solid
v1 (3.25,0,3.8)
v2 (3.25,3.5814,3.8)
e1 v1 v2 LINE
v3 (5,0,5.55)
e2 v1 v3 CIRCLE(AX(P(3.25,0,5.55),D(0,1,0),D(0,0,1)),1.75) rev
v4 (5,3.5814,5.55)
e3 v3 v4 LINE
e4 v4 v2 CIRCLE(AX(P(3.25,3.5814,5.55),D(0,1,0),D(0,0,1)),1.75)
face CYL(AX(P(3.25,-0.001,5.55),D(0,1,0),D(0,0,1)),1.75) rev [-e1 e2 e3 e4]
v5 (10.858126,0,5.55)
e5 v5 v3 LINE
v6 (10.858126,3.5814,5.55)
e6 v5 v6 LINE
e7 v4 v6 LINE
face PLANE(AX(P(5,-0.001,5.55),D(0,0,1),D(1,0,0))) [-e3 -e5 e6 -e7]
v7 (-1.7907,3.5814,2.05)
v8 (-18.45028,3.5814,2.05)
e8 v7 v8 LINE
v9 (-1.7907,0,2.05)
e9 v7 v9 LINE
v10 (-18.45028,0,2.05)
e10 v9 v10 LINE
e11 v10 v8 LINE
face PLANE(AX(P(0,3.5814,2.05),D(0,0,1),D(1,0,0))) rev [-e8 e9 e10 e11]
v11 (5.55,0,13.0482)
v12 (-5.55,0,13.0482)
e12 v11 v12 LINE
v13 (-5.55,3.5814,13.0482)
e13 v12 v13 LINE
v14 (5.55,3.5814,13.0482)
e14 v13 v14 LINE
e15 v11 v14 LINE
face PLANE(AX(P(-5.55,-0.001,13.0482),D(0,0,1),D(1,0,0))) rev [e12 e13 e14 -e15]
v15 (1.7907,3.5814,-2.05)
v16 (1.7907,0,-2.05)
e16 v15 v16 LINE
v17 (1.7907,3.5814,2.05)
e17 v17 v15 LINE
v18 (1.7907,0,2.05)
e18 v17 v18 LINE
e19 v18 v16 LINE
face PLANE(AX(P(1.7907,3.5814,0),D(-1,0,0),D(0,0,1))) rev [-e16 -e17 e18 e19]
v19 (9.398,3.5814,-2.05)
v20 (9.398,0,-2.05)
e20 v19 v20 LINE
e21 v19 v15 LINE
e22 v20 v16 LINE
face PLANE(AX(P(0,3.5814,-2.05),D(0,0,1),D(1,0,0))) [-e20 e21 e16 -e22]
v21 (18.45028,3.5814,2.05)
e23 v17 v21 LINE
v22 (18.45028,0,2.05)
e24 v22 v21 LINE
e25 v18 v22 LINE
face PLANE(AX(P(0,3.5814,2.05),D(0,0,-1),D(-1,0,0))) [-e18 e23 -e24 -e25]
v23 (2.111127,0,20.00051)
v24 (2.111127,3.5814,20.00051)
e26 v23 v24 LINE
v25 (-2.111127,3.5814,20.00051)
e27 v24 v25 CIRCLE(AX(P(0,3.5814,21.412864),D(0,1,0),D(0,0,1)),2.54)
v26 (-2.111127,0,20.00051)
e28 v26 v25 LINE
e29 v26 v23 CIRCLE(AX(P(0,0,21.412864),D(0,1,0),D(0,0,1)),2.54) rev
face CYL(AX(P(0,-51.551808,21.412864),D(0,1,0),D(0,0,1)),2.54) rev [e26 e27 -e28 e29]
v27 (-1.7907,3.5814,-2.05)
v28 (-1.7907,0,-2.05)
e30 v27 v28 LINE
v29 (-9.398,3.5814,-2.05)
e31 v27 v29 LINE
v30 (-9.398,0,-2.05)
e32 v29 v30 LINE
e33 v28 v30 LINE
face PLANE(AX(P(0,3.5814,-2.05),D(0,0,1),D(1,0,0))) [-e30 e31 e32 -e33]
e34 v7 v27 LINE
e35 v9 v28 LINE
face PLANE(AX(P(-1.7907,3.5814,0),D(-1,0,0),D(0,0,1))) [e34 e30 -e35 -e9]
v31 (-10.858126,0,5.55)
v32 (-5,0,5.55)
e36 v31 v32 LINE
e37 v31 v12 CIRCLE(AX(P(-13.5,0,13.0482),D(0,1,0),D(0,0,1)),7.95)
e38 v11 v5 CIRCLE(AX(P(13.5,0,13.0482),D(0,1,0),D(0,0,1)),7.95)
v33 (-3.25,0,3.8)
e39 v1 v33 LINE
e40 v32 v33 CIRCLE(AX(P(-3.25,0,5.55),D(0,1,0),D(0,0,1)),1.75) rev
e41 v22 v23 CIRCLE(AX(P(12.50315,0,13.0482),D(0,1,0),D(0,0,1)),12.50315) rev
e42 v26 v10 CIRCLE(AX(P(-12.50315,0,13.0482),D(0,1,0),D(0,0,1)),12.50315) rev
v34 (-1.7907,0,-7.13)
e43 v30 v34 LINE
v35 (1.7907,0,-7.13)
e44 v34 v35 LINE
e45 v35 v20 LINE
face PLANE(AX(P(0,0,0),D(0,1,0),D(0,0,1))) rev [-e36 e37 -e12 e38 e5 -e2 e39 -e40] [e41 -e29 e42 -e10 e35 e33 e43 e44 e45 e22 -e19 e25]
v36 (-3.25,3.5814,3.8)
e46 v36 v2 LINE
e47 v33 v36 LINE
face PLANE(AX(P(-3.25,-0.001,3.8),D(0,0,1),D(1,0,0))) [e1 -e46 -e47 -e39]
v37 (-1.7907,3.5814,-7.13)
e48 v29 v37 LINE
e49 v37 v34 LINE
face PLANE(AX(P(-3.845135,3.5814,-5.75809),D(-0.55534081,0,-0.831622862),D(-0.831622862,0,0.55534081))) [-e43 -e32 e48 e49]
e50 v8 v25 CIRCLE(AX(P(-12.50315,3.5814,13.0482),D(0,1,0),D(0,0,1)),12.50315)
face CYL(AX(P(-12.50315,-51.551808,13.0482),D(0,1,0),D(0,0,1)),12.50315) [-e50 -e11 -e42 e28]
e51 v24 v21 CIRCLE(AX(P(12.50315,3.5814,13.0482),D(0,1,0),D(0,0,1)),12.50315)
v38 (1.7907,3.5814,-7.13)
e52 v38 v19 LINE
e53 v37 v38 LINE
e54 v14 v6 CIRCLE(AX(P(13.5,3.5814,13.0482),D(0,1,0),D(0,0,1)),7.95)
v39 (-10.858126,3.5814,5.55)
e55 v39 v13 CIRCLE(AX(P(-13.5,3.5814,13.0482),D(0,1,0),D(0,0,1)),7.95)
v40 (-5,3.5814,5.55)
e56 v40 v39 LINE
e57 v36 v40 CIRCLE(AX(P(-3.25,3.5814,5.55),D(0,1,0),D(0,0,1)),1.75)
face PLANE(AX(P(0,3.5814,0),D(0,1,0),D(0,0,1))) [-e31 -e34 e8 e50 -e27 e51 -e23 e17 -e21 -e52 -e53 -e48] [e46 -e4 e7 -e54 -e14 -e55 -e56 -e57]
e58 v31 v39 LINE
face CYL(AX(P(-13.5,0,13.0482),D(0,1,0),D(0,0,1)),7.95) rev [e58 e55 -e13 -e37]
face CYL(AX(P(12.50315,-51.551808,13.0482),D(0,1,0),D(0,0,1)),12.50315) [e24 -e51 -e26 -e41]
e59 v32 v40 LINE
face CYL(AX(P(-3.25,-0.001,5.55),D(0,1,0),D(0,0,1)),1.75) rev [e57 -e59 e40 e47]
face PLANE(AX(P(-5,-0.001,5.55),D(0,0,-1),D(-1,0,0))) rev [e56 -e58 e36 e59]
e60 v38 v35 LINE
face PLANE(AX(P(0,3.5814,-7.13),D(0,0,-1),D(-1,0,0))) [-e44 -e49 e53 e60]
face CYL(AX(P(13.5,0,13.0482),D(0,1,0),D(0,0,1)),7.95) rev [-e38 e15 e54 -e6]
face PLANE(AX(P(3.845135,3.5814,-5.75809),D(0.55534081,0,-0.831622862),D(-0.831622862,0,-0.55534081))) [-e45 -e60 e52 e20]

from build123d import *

# Parameters (mm, degrees)
BOSS_EXTRUDE1_DEPTH = 3.5814
BOSS_EXTRUDE2_DEPTH = 3.5814
SKETCH4_R           = 7.95
CUT_EXTRUDE2_DEPTH  = 4.5814
CUT_EXTRUDE4_REACH  = 5.581
CUT_EXTRUDE5_REACH  = 5.581


with BuildPart() as part:
    # Sketch1 → Boss-Extrude1 (new body)
    with BuildSketch(Plane(origin=(0, 0, 0), x_dir=(1, 0, 0), z_dir=(0, 1, 0))):
        Polygon((-25.0063, -13.0482), (25.0063, -13.0482), (25.0063, -2.05), (1.7907, -2.05), (1.7907, 2.05), (9.398, 2.05), (1.7907, 7.13), (-1.7907, 7.13), (-9.398, 2.05), (-1.7907, 2.05), (-1.7907, -2.05), (-25.0063, -2.05), align=None)
    extrude(amount=BOSS_EXTRUDE1_DEPTH)

    # Sketch3 → Boss-Extrude2 (add)
    with BuildSketch(Plane(origin=(0, 3.5814, 0), x_dir=(1, 0, 0), z_dir=(0, 1, 0))):
        Polygon((-25.0063, -2.05), (-25.0063, -13.0482), (25.0063, -13.0482), (25.0063, -2.05), (1.7907, -2.05), (1.7907, 2.05), (9.398, 2.05), (1.7907, 7.13), (-1.7907, 7.13), (-9.398, 2.05), (-1.7907, 2.05), (-1.7907, -2.05), align=None)
        with BuildLine():
            Line((25.0063, -13.0482), (-25.0063, -13.0482))
            ThreePointArc((-25.0063, -13.0482), (-16.136037163, -25.01193231), (-2.111127058, -20.000510342))
            ThreePointArc((-2.111127058, -20.000510342), (0, -18.87286389), (2.111127058, -20.000510342))
            ThreePointArc((2.111127058, -20.000510342), (16.136037163, -25.01193231), (25.0063, -13.0482))
        make_face()
    extrude(amount=-BOSS_EXTRUDE2_DEPTH)

    # Sketch4 → Cut-Extrude2 (cut, through all)
    with BuildSketch(Plane(origin=(0, 3.5814, 0), x_dir=(1, 0, 0), z_dir=(0, 1, 0))):
        with Locations((-13.5, -13.0482)):
            Circle(SKETCH4_R)
        with Locations((13.5, -13.0482)):
            Circle(SKETCH4_R)
    extrude(amount=-CUT_EXTRUDE2_DEPTH, mode=Mode.SUBTRACT)

    # Sketch5 → Cut-Extrude4 (cut, up to next)
    with BuildSketch(Plane(origin=(0, 3.5814, 0), x_dir=(1, 0, 0), z_dir=(0, 1, 0)), mode=Mode.PRIVATE) as cut_extrude4_sk1:
        with BuildLine():
            Line((-3.25, -3.8), (3.25, -3.8))
            ThreePointArc((3.25, -3.8), (4.487436867, -4.312563133), (5, -5.55))
            Line((5, -5.55), (10.858126279, -5.55))
            ThreePointArc((10.858126279, -5.55), (7.011340813, -8.454747926), (5.55, -13.0482))
            Line((5.55, -13.0482), (-5.55, -13.0482))
            ThreePointArc((-5.55, -13.0482), (-7.011340813, -8.454747926), (-10.858126279, -5.55))
            Line((-10.858126279, -5.55), (-5, -5.55))
            ThreePointArc((-5, -5.55), (-4.487436867, -4.312563133), (-3.25, -3.8))
        make_face()
    cut_extrude4_tool1 = extrude(cut_extrude4_sk1.sketch, amount=-CUT_EXTRUDE4_REACH, mode=Mode.PRIVATE) & part.part
    add(cut_extrude4_tool1.solids().sort_by_distance((0, 3.5814, 8.325803))[0], mode=Mode.SUBTRACT)

    # Sketch6 → Cut-Extrude5 (cut, up to next)
    with BuildSketch(Plane(origin=(0, 3.5814, 0), x_dir=(1, 0, 0), z_dir=(0, 1, 0)), mode=Mode.PRIVATE) as cut_extrude5_sk1:
        with BuildLine():
            Line((-18.450280122, -2.05), (-25.0063, -2.05))
            Line((-25.0063, -2.05), (-25.0063, -13.0482))
            ThreePointArc((-25.0063, -13.0482), (-23.242950275, -6.64621203), (-18.450280122, -2.05))
        make_face()
    cut_extrude5_tool1 = extrude(cut_extrude5_sk1.sketch, amount=-CUT_EXTRUDE5_REACH, mode=Mode.PRIVATE) & part.part
    add(cut_extrude5_tool1.solids().sort_by_distance((-23.17616, 3.5814, 4.635288))[0], mode=Mode.SUBTRACT)
    # Sketch6 → Cut-Extrude5 (cut, up to next)
    with BuildSketch(Plane(origin=(0, 3.5814, 0), x_dir=(1, 0, 0), z_dir=(0, 1, 0)), mode=Mode.PRIVATE) as cut_extrude5_sk2:
        with BuildLine():
            Line((25.0063, -13.0482), (25.0063, -2.05))
            Line((25.0063, -2.05), (18.450280122, -2.05))
            ThreePointArc((18.450280122, -2.05), (23.242950275, -6.64621203), (25.0063, -13.0482))
        make_face()
    cut_extrude5_tool2 = extrude(cut_extrude5_sk2.sketch, amount=-CUT_EXTRUDE5_REACH, mode=Mode.PRIVATE) & part.part
    add(cut_extrude5_tool2.solids().sort_by_distance((23.17616, 3.5814, 4.635288))[0], mode=Mode.SUBTRACT)


solid = part.part
